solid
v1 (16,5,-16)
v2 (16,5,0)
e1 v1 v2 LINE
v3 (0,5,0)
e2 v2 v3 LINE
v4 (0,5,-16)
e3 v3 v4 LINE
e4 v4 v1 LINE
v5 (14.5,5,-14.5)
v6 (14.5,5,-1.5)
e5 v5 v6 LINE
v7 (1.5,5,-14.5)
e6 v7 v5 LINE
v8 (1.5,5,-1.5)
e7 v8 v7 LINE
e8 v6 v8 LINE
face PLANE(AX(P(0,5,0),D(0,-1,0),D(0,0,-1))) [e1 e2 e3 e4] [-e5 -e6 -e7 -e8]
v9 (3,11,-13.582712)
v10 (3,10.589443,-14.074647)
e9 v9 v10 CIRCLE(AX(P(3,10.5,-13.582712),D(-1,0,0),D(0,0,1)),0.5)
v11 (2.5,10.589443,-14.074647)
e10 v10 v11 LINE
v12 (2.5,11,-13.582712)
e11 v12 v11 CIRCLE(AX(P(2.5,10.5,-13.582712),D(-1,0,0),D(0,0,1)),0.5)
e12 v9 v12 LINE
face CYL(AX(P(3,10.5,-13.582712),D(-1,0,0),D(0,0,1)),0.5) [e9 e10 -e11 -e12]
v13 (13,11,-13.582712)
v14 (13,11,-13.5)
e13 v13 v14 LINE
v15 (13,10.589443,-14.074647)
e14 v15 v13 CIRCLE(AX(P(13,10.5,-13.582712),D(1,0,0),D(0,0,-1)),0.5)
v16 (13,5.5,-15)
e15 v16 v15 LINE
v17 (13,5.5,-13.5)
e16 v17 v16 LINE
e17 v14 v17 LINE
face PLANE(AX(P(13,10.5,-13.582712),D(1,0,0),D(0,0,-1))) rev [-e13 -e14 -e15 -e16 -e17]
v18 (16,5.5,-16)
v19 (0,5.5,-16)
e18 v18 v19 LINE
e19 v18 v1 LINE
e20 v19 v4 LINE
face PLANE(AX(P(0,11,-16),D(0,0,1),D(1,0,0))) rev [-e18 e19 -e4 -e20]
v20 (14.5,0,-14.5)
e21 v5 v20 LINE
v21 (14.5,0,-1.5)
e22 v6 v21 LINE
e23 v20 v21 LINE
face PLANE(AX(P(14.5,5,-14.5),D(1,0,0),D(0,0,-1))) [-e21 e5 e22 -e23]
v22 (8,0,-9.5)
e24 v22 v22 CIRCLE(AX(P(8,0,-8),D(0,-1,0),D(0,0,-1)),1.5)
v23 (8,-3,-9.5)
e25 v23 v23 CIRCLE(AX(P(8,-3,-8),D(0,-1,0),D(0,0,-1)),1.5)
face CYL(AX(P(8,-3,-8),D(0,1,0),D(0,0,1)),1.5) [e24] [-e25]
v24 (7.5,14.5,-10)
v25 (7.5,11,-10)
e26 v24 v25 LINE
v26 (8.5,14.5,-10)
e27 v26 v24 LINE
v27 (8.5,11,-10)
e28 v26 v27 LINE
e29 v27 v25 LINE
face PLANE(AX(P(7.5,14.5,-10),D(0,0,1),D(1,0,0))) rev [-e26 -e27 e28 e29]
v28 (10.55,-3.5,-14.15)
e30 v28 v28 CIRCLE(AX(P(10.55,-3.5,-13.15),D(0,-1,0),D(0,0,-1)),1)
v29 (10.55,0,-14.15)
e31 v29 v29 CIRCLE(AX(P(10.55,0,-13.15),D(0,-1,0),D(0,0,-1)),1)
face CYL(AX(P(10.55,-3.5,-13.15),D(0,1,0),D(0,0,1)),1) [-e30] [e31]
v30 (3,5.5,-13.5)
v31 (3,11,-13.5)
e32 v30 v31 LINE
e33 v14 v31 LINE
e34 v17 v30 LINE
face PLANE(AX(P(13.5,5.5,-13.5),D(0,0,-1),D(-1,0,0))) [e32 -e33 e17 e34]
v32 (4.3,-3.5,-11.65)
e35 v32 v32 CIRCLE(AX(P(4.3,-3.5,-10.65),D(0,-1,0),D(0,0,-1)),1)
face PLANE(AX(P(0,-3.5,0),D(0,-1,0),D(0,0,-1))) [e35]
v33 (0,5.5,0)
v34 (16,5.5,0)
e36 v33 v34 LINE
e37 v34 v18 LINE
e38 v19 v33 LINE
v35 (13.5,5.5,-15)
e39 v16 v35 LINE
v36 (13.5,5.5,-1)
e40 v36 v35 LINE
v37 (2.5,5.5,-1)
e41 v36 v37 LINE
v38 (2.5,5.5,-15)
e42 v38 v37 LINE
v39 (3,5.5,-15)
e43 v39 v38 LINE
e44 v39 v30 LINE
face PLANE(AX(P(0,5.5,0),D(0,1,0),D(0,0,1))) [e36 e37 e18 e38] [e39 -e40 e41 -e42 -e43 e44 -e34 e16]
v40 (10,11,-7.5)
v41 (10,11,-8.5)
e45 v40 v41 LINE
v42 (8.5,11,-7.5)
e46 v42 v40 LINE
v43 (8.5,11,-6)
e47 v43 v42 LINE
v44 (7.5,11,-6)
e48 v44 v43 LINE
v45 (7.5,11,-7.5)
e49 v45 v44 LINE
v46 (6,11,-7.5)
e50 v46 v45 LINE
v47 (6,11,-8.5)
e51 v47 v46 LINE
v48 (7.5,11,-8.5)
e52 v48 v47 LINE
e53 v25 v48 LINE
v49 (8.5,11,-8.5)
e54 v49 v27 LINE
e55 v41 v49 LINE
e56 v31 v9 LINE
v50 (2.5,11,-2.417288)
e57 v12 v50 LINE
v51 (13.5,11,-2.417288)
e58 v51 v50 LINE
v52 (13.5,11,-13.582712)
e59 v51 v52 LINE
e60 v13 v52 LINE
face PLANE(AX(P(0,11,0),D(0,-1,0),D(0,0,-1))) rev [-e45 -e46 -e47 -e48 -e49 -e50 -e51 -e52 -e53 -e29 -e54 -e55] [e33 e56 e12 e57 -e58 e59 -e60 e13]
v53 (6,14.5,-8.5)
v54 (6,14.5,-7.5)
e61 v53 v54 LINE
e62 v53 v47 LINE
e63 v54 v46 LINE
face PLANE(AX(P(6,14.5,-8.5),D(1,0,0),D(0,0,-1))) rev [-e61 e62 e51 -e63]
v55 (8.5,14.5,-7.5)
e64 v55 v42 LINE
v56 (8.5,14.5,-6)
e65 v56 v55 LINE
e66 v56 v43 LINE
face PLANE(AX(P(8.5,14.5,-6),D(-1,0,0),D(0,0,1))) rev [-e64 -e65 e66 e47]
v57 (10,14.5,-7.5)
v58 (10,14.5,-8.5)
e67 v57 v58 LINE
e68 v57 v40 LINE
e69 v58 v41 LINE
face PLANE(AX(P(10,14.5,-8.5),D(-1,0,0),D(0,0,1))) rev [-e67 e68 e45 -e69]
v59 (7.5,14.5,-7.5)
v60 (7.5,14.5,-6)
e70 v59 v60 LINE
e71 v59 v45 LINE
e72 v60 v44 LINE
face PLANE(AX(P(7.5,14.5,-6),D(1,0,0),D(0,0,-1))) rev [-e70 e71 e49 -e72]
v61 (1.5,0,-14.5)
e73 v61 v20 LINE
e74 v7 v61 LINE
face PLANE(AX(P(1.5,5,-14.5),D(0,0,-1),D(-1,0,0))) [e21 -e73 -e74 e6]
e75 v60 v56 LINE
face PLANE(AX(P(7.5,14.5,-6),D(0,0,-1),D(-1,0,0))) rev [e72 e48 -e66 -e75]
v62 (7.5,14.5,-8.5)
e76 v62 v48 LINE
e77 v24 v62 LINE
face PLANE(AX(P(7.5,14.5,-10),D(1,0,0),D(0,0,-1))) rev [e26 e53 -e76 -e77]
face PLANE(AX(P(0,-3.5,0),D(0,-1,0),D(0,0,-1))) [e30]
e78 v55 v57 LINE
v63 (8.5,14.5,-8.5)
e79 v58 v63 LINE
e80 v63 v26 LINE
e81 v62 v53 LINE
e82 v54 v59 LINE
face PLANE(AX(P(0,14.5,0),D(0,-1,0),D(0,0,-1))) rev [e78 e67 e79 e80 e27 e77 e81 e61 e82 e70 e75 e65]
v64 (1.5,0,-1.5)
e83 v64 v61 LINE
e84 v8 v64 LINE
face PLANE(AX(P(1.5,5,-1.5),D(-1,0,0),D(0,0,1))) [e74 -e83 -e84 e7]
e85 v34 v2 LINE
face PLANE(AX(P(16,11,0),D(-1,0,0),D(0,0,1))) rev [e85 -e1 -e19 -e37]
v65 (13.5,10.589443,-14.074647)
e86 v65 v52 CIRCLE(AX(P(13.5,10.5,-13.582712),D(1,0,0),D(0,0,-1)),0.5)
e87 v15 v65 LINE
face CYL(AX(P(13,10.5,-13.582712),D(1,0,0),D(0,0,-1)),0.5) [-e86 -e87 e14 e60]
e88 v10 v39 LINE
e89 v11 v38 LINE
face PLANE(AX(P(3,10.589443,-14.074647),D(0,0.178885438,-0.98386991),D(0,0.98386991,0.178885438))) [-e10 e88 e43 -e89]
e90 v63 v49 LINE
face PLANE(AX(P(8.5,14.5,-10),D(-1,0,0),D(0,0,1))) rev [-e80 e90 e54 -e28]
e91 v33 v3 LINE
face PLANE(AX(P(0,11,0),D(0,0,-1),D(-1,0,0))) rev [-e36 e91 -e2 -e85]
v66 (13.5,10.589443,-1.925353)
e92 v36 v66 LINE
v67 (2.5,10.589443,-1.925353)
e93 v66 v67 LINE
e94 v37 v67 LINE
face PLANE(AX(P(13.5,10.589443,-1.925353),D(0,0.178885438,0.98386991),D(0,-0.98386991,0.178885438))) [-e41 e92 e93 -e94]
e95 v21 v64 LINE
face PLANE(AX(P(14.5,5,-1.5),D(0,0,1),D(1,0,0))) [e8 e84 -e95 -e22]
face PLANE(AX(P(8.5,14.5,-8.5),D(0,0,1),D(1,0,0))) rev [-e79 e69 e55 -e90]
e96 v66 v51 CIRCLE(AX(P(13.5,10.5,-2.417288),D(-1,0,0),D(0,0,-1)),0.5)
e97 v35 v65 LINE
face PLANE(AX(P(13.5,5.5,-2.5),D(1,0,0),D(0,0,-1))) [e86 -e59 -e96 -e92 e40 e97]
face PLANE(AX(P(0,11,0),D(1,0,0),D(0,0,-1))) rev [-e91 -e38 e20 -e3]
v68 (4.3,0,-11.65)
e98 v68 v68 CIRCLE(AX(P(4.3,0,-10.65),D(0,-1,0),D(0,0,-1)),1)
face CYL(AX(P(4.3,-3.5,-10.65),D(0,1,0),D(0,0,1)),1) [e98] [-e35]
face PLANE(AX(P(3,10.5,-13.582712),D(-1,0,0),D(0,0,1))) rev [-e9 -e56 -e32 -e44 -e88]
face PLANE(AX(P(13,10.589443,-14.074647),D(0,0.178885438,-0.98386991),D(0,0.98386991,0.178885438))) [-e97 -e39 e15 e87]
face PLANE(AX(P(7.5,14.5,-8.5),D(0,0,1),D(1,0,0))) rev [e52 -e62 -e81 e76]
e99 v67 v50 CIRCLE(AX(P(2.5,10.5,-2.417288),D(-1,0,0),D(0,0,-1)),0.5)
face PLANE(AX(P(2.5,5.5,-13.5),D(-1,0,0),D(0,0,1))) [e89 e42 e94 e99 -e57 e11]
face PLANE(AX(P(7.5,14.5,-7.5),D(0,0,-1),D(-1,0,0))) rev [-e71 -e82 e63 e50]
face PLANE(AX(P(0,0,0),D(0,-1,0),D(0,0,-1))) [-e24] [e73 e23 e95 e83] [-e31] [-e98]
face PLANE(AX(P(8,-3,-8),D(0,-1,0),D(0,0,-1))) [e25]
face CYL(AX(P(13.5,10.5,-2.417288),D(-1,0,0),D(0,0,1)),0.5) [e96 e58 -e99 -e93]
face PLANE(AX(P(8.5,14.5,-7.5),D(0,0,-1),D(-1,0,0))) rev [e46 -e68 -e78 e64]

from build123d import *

# Parameters (mm, degrees)
SKETCH2_W           = 16
SKETCH2_H           = 16
BOSS_EXTRUDE1_DEPTH = 11
SKETCH3_R           = 1.5
BOSS_EXTRUDE2_DEPTH = 3
SKETCH4_W           = 16
SKETCH4_H           = 16
SKETCH4_W_2         = 13
SKETCH4_H_2         = 13
CUT_EXTRUDE1_DEPTH  = 5
BOSS_EXTRUDE3_DEPTH = 3.5
SKETCH6_W           = 16
SKETCH6_H           = 16
SKETCH6_W_2         = 11
SKETCH6_H_2         = 11
CUT_EXTRUDE2_DEPTH  = 5.5
BOSS_EXTRUDE4_DEPTH = 0.5
BOSS_EXTRUDE5_START = -0.5
BOSS_EXTRUDE5_DEPTH = 0.5
BOSS_EXTRUDE6_DEPTH = 11
SKETCH10_R          = 1
BOSS_EXTRUDE7_DEPTH = 3.5


with BuildPart() as part:
    # Sketch2 → Boss-Extrude1 (new body)
    with BuildSketch(Plane(origin=(0, 0, 0), x_dir=(1, 0, 0), z_dir=(0, 1, 0))):
        with Locations((8, 8)):
            Rectangle(SKETCH2_W, SKETCH2_H)
    extrude(amount=BOSS_EXTRUDE1_DEPTH)

    # Sketch3 → Boss-Extrude2 (add)
    with BuildSketch(Plane.XZ):
        with Locations(Location((8, -8, 0), (0, 0, 270))):
            Circle(SKETCH3_R)
    extrude(amount=BOSS_EXTRUDE2_DEPTH)

    # Sketch4 → Cut-Extrude1 (cut)
    with BuildSketch(Plane.XZ):
        with Locations((8, -8)):
            Rectangle(SKETCH4_W, SKETCH4_H)
        with Locations((8, -8)):
            Rectangle(SKETCH4_W_2, SKETCH4_H_2, mode=Mode.SUBTRACT)
    extrude(amount=-CUT_EXTRUDE1_DEPTH, mode=Mode.SUBTRACT)

    # Sketch5 → Boss-Extrude3 (add)
    with BuildSketch(Plane(origin=(0, 11, 0), x_dir=(1, 0, 0), z_dir=(0, 1, 0))):
        Polygon((7.5, 10), (7.5, 8.5), (6, 8.5), (6, 7.5), (7.5, 7.5), (7.5, 6), (8.5, 6), (8.5, 7.5), (10, 7.5), (10, 8.5), (8.5, 8.5), (8.5, 10), align=None)
    extrude(amount=BOSS_EXTRUDE3_DEPTH)

    # Sketch6 → Cut-Extrude2 (cut)
    with BuildSketch(Plane(origin=(0, 11, 0), x_dir=(1, 0, 0), z_dir=(0, 1, 0))):
        with Locations((8, 8)):
            Rectangle(SKETCH6_W, SKETCH6_H)
        with Locations((8, 8)):
            Rectangle(SKETCH6_W_2, SKETCH6_H_2, mode=Mode.SUBTRACT)
    extrude(amount=-CUT_EXTRUDE2_DEPTH, mode=Mode.SUBTRACT)

    # Sketch7 → Boss-Extrude4 (add)
    with BuildSketch(Plane.ZY.offset(-2.5)):
        with BuildLine():
            Line((-13.5, 11), (-13.582711823, 11))
            ThreePointArc((-13.582711823, 11), (-13.903085543, 10.883875865), (-14.074646778, 10.589442719))
            Line((-14.074646778, 10.589442719), (-15, 5.5))
            Line((-15, 5.5), (-13.5, 5.5))
            Line((-13.5, 5.5), (-13.5, 11))
        make_face()
    extrude(amount=-BOSS_EXTRUDE4_DEPTH)

    # Sketch8 → Boss-Extrude5 (add)
    with BuildSketch(Plane(origin=(13.5, 0, 0), x_dir=(0, 0, -1), z_dir=(1, 0, 0)).offset(BOSS_EXTRUDE5_START)):
        with BuildLine():
            Line((15, 5.5), (13.5, 5.5))
            Line((13.5, 5.5), (13.5, 11))
            Line((13.5, 11), (13.582711823, 11))
            ThreePointArc((13.582711823, 11), (13.903085543, 10.883875865), (14.074646778, 10.589442719))
            Line((14.074646778, 10.589442719), (15, 5.5))
        make_face()
    extrude(amount=BOSS_EXTRUDE5_DEPTH)

    # Sketch9 → Boss-Extrude6 (add)
    with BuildSketch(Plane.ZY.offset(-2.5)):
        with BuildLine():
            Line((-2.5, 11), (-2.417288177, 11))
            ThreePointArc((-2.417288177, 11), (-2.096914457, 10.883875865), (-1.925353222, 10.589442719))
            Line((-1.925353222, 10.589442719), (-1, 5.5))
            Line((-1, 5.5), (-2.5, 5.5))
            Line((-2.5, 5.5), (-2.5, 11))
        make_face()
    extrude(amount=-BOSS_EXTRUDE6_DEPTH)

    # Sketch10 → Boss-Extrude7 (add)
    with BuildSketch(Plane.XZ):
        with Locations(Location((4.3, -10.65, 0), (0, 0, 270))):
            Circle(SKETCH10_R)
        with Locations(Location((10.55, -13.15, 0), (0, 0, 270))):
            Circle(SKETCH10_R)
    extrude(amount=BOSS_EXTRUDE7_DEPTH)


solid = part.part
